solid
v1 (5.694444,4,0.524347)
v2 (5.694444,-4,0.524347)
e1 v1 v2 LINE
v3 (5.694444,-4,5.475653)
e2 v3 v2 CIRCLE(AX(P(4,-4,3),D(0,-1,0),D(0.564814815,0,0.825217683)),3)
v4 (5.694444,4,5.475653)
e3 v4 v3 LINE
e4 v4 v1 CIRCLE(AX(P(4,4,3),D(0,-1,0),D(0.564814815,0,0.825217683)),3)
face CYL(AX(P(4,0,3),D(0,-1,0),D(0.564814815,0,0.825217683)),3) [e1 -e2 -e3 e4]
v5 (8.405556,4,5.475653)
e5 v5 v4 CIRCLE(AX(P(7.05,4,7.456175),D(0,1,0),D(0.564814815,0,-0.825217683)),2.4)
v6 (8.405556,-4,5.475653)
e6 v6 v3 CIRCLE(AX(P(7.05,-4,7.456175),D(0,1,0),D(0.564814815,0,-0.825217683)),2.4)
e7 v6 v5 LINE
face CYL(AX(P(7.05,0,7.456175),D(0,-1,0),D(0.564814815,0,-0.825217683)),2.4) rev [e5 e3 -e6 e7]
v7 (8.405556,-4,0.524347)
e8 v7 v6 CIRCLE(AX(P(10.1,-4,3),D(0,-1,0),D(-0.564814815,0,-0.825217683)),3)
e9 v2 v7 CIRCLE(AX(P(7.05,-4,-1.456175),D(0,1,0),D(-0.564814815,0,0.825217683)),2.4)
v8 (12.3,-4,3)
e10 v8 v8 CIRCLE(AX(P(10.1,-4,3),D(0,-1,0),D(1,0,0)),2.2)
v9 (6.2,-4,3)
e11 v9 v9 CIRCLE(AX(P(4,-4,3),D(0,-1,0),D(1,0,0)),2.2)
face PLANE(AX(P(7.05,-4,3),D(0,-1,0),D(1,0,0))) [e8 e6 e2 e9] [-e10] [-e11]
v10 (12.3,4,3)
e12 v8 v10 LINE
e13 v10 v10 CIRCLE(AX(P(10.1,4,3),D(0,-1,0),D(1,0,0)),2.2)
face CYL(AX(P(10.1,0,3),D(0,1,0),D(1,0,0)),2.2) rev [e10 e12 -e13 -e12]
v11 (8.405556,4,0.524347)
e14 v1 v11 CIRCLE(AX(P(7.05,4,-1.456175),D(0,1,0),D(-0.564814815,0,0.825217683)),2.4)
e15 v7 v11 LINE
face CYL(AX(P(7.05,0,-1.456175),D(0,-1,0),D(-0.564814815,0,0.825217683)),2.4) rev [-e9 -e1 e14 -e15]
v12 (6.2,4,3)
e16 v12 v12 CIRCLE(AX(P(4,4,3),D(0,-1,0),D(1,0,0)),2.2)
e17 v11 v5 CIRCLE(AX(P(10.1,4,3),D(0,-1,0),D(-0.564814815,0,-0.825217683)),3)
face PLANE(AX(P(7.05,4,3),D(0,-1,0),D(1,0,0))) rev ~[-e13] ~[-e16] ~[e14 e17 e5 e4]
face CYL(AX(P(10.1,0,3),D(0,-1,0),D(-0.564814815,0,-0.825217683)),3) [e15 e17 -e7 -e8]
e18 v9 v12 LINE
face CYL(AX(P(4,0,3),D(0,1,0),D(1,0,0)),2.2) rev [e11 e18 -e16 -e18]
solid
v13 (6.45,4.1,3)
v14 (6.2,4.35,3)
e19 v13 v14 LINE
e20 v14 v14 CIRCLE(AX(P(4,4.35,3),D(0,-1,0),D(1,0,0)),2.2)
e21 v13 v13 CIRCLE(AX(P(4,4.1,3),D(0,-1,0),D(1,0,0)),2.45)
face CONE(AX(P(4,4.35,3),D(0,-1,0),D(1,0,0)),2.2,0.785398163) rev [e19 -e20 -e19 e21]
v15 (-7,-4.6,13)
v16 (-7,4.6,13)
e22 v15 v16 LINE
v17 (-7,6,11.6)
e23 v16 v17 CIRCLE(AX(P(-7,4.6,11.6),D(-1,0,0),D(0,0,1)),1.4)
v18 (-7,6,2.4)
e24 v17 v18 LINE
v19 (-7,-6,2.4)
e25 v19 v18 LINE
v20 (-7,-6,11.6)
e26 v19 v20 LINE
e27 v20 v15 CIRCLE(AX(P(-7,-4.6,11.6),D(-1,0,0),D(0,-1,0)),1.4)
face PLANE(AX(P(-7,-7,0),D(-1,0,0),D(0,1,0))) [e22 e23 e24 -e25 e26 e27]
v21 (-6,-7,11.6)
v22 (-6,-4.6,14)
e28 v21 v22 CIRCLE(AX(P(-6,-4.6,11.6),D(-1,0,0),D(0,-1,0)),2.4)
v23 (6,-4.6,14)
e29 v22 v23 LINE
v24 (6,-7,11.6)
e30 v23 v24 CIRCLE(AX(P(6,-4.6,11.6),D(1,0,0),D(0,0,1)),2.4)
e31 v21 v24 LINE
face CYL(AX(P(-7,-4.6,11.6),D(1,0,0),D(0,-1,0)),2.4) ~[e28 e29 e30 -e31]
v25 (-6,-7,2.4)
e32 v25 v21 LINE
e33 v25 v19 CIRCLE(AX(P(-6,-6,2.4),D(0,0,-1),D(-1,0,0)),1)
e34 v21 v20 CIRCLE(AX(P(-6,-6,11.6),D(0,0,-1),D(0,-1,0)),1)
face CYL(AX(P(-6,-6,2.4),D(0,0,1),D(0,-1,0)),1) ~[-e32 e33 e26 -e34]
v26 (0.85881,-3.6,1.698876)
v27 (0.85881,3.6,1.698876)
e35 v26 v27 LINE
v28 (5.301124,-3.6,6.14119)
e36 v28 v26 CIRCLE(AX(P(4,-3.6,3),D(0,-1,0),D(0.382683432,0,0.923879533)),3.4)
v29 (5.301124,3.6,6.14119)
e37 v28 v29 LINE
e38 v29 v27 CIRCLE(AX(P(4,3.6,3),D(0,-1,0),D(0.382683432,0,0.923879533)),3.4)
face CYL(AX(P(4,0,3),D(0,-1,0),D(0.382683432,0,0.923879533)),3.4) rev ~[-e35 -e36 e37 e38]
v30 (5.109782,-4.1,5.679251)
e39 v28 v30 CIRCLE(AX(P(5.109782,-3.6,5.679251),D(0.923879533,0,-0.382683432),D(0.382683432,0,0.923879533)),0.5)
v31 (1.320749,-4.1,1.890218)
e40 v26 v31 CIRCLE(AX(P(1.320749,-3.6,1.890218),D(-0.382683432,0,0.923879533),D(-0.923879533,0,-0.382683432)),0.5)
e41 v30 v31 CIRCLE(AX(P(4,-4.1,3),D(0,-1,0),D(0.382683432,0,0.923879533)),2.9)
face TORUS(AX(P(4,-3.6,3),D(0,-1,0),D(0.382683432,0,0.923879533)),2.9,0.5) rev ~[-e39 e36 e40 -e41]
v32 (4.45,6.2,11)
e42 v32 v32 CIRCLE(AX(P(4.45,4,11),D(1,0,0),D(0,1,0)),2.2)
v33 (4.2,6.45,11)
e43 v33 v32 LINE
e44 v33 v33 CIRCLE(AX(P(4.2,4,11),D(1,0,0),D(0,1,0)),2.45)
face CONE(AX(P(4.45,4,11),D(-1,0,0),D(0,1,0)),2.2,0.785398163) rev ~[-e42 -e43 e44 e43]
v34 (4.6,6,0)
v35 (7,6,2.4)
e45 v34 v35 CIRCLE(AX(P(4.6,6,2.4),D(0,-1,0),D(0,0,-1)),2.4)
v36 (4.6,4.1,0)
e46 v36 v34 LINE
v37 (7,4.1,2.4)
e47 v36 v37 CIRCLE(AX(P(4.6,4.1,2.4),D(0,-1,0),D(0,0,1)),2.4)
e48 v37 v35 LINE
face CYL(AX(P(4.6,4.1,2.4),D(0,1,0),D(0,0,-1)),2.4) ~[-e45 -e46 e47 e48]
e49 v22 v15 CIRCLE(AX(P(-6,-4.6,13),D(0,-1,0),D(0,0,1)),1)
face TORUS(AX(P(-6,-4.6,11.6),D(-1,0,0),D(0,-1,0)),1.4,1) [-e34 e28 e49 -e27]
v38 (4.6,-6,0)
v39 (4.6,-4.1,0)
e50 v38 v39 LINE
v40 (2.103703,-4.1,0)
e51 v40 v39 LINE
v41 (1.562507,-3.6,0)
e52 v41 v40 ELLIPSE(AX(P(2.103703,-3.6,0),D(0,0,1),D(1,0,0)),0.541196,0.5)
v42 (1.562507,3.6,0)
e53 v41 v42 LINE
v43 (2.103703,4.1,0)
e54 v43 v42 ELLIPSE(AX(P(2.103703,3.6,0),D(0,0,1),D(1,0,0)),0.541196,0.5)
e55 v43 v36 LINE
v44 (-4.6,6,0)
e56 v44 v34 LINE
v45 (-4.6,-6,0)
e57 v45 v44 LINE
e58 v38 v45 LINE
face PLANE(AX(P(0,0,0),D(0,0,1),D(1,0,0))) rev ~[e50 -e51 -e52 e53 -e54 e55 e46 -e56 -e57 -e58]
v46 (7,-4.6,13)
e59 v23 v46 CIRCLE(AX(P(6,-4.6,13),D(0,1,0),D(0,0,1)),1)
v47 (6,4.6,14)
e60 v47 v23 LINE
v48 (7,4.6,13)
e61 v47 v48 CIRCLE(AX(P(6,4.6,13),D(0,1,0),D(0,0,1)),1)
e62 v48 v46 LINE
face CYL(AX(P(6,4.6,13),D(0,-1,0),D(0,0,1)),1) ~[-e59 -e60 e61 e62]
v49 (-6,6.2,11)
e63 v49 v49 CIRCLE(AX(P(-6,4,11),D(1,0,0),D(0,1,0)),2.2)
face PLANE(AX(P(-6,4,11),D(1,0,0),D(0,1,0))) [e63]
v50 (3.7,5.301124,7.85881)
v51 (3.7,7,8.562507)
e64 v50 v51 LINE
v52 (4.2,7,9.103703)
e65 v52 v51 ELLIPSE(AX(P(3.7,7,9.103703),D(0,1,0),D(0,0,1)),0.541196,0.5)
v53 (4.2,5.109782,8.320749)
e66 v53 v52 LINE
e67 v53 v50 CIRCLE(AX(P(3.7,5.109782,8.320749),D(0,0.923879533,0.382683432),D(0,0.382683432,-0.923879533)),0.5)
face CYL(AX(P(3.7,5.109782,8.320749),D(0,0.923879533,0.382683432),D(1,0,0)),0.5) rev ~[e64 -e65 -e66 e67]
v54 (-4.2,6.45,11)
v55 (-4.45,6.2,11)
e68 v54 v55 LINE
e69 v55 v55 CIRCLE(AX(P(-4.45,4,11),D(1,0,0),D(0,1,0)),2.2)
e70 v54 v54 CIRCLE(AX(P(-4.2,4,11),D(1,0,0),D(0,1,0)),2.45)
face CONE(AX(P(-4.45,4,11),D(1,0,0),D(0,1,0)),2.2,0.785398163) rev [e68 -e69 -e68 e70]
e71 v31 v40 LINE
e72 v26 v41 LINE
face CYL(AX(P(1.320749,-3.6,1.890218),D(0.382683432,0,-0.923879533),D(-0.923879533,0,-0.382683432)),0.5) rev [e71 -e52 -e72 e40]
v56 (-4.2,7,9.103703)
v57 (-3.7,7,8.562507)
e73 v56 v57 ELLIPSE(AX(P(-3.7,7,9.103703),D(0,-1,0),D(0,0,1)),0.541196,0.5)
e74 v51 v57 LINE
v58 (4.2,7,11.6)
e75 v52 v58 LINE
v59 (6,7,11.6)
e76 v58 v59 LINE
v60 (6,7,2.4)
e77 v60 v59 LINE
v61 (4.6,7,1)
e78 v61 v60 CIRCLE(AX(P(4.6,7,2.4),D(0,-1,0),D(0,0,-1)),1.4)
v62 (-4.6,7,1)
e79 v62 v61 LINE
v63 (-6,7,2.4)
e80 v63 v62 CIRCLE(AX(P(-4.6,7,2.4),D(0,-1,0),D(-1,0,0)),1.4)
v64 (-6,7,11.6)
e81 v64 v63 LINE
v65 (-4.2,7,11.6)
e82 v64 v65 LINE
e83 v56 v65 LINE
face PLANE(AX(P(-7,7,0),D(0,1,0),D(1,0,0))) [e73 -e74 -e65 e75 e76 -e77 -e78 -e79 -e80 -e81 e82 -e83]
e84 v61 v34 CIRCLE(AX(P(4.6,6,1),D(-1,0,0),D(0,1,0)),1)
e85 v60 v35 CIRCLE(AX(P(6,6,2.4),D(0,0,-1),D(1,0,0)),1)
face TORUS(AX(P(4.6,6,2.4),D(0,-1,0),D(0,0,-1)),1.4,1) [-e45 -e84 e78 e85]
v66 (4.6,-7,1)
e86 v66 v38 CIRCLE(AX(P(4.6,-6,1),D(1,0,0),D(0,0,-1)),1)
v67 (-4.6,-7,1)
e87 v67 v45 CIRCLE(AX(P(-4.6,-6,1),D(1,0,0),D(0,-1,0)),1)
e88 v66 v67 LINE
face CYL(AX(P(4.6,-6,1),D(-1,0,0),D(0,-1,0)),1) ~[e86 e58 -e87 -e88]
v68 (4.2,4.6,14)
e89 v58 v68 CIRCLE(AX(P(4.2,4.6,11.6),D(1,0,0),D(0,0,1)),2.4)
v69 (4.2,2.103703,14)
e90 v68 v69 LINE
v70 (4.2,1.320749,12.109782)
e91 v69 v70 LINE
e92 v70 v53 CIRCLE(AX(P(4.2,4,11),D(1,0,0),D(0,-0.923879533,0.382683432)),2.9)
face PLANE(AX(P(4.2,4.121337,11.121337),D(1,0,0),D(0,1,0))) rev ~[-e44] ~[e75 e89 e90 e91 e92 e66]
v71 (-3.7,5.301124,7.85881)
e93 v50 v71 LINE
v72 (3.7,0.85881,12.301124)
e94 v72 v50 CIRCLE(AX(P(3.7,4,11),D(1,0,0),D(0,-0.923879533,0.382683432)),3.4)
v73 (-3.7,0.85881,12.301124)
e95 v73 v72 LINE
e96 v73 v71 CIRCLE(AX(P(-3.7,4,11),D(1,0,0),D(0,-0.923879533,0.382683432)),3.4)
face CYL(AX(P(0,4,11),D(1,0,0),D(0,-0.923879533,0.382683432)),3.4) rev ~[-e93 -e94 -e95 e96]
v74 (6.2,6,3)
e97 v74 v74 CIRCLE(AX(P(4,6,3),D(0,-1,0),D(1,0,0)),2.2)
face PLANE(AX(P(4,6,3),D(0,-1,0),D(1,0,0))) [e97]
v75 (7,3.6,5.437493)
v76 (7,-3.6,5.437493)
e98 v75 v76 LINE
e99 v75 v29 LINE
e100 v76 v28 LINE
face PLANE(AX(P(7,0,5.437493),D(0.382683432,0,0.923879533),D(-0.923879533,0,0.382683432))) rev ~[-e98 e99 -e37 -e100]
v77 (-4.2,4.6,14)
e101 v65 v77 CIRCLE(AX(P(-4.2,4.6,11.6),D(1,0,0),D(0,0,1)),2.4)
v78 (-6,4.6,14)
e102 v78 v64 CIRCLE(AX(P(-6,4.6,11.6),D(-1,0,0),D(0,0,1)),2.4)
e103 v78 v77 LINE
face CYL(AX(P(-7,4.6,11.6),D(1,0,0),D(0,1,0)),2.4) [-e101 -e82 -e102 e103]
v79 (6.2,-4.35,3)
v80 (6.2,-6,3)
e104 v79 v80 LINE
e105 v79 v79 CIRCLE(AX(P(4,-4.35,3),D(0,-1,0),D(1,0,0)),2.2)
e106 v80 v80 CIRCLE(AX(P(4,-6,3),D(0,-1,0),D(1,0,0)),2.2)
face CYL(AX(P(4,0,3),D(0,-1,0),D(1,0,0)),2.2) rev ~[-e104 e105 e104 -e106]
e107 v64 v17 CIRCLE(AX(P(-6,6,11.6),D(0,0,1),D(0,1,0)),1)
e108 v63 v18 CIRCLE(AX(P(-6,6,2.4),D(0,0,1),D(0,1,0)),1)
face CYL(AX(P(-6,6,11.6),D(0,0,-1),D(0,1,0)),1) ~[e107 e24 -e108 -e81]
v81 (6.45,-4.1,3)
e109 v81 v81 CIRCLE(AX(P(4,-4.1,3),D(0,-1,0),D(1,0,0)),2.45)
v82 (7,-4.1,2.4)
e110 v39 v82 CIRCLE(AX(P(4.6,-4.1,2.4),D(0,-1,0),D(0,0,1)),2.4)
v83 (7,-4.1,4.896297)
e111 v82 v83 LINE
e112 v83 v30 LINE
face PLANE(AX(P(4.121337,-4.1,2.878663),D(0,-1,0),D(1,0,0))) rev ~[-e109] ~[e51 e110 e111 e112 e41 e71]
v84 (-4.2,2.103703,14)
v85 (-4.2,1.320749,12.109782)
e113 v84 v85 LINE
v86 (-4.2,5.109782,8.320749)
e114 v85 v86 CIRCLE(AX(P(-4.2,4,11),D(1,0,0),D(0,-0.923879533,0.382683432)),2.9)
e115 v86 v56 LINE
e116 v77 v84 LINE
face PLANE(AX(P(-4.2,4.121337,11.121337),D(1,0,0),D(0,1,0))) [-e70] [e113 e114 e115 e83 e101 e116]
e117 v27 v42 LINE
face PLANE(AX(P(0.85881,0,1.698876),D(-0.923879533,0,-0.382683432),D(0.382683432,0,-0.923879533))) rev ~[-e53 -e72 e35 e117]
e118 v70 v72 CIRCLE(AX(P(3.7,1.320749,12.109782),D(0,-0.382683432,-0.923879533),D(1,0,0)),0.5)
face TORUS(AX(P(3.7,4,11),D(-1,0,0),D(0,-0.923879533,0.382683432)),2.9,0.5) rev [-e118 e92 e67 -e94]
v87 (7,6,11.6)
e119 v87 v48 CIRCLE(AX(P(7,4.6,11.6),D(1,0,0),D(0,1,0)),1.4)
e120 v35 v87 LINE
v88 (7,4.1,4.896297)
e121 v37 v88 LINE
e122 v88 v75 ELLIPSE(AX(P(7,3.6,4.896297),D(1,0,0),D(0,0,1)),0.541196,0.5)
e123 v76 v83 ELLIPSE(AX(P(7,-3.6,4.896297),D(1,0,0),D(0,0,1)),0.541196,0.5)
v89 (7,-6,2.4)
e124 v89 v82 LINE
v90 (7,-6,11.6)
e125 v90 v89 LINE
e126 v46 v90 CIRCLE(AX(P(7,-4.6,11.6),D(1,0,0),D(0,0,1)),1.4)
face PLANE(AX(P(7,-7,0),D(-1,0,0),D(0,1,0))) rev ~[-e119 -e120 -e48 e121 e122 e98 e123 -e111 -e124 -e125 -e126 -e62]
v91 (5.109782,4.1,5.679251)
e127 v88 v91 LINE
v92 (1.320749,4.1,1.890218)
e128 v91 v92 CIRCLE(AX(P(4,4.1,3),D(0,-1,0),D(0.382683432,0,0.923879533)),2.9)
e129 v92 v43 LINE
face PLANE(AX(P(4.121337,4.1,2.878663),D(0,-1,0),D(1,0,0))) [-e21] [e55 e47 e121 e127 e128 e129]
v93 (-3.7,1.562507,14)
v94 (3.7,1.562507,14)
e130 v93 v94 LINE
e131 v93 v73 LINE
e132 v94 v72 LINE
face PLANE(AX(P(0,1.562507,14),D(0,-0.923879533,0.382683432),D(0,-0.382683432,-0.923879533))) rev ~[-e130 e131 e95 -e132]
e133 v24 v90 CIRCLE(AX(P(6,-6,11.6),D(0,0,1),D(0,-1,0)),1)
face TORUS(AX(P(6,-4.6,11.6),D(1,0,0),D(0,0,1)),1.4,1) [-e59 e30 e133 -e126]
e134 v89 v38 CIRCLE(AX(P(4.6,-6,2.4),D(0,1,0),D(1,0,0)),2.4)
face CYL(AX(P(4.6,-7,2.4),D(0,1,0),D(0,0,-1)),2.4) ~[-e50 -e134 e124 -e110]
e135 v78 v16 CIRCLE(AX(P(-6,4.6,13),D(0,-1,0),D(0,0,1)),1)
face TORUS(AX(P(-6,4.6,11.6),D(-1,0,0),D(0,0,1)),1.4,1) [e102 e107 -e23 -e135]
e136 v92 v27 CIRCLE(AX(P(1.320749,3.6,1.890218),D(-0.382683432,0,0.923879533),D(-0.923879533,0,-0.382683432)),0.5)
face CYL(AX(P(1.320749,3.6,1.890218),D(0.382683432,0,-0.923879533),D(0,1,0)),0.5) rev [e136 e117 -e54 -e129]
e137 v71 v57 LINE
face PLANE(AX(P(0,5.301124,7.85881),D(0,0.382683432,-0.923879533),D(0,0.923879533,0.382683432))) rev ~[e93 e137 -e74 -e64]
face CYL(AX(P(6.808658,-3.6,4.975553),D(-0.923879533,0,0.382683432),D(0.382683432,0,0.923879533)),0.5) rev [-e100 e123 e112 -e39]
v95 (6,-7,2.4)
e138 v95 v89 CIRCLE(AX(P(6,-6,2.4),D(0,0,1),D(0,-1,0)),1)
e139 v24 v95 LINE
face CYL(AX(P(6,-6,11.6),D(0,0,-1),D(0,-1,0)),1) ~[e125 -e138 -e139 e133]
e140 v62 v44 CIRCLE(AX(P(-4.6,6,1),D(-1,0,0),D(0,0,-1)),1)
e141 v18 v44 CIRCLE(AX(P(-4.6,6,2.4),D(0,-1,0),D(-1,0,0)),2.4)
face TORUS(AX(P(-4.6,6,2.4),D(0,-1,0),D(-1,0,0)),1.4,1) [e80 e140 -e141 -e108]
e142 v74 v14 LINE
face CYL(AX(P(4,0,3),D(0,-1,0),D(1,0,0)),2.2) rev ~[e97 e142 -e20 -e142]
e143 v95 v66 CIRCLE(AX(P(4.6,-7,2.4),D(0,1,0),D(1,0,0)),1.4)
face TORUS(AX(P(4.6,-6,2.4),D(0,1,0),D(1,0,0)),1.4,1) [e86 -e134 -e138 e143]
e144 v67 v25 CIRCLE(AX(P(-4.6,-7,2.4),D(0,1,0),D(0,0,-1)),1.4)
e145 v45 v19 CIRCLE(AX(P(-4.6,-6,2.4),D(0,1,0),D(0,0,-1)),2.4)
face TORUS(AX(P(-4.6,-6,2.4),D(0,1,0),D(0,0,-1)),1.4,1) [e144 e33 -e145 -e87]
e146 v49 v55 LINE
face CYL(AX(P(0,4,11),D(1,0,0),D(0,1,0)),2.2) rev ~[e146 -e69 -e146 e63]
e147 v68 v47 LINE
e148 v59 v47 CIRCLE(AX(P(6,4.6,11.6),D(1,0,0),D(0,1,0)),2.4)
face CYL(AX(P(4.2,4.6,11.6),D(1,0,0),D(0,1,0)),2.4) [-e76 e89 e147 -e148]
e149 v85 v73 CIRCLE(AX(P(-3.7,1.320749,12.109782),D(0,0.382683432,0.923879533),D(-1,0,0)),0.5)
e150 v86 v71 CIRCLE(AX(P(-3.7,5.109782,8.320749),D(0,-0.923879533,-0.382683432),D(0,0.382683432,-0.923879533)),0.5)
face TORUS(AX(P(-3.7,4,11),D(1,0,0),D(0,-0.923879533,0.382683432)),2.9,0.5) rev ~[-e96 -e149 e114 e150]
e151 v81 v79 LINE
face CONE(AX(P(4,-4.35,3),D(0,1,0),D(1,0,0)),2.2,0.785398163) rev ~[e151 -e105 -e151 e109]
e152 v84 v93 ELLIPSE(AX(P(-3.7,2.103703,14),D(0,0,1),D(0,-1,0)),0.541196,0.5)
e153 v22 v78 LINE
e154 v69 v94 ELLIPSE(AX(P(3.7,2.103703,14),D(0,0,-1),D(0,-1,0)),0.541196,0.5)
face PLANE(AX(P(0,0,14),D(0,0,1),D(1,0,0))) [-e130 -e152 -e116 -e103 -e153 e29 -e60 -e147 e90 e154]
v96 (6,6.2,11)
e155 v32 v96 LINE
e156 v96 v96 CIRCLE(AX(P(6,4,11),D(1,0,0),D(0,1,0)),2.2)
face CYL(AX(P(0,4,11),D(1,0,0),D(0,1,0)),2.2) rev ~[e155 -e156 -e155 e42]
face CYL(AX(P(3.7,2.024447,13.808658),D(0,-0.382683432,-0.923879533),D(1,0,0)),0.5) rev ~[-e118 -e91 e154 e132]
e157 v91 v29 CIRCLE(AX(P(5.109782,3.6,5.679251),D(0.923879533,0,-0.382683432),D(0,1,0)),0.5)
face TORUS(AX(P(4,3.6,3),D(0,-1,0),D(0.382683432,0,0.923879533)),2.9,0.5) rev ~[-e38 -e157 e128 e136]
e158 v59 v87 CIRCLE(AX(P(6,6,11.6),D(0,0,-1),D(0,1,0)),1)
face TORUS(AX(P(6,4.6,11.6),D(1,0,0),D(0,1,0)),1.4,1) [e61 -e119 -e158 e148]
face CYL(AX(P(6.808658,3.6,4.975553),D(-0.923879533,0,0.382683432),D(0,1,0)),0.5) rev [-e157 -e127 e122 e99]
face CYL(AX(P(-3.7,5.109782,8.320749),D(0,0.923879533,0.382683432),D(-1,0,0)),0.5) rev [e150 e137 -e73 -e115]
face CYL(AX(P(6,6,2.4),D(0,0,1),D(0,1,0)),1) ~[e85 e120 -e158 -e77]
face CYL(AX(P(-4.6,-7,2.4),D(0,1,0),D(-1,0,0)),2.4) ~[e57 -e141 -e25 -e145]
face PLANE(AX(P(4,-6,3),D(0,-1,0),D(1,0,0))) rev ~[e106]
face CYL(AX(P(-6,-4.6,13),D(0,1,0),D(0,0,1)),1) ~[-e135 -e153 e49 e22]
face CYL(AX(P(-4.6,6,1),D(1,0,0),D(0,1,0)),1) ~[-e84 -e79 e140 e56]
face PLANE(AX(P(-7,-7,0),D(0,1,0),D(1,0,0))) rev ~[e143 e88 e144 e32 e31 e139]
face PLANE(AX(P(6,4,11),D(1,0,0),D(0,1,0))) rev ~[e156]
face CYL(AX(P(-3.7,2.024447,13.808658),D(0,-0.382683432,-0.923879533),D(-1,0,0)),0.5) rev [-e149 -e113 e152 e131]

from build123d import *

# Parameters (mm, degrees)
F4_W      = 14
F4_H      = 14
F5_DEPTH  = 14
F6_R      = 2.2
F8_DEPTH  = 4.1
F9_DEPTH  = 6
F10_R     = 2.2
F11_DEPTH = 4.2
F12_DEPTH = 6
F13_R     = 2.4
F14_R     = 0.5
F15_R     = 2.2
F16_DEPTH = 4
F17_SIZE  = 0.25
F18_R     = 1


with BuildPart() as f5:
    # F4 (on Top) → F5 (new body)
    with BuildSketch(Plane.XY):
        Rectangle(F4_W, F4_H)
    extrude(amount=F5_DEPTH)

    # F6 (on Front) → F8 (cut, symmetric)
    with BuildSketch(Plane.XZ):
        with BuildLine():
            Line((1.5625072061, 0), (7, 0))
            Line((7, 0), (7, 5.4374927939))
            Line((7, 5.4374927939), (5.30112367, 6.1411904105))
            ThreePointArc((5.30112367, 6.1411904105), (1.595836944, 5.404163056), (0.8588095895, 1.69887633))
            Line((0.8588095895, 1.69887633), (1.5625072061, 0))
        make_face()
        with Locations((4, 3)):
            Circle(F6_R, mode=Mode.SUBTRACT)
        with Locations((4, 3)):
            Circle(F6_R)
    extrude(amount=F8_DEPTH, both=True, mode=Mode.SUBTRACT)

    # F6 (on Front) → F9 (cut, symmetric)
    with BuildSketch(Plane.XZ):
        with Locations((4, 3)):
            Circle(F6_R)
    extrude(amount=F9_DEPTH, both=True, mode=Mode.SUBTRACT)

    # F10 (on Right) → F11 (cut, symmetric)
    with BuildSketch(Plane.YZ):
        with BuildLine():
            Line((7, 14), (1.5625072061, 14))
            Line((1.5625072061, 14), (0.8588095895, 12.30112367))
            ThreePointArc((0.8588095895, 12.30112367), (1.595836944, 8.595836944), (5.30112367, 7.8588095895))
            Line((5.30112367, 7.8588095895), (7, 8.5625072061))
            Line((7, 8.5625072061), (7, 14))
        make_face()
        with Locations((4, 11)):
            Circle(F10_R, mode=Mode.SUBTRACT)
        with Locations((4, 11)):
            Circle(F10_R)
    extrude(amount=F11_DEPTH, both=True, mode=Mode.SUBTRACT)

    # F10 (on Right) → F12 (cut, symmetric)
    with BuildSketch(Plane.YZ):
        with Locations((4, 11)):
            Circle(F10_R)
    extrude(amount=F12_DEPTH, both=True, mode=Mode.SUBTRACT)

    # F13
    f13_edges = [f5.edges().sort_by_distance(p)[0] for p in [
        (7, -5.55, 0),
        (7, 5.55, 0),
        (-5.6, 7, 14),
        (5.6, 7, 14),
        (0, -7, 14),
        (-7, 0, 0),
    ]]
    fillet(f13_edges, radius=F13_R)

    # F14
    f14_edges = [f5.edges().sort_by_distance(p)[0] for p in [
        (1.210658, -4.1, 0.849438),
        (1.210658, 4.1, 0.849438),
        (4.2, 6.150562, 8.210658),
        (-4.2, 6.150562, 8.210658),
    ]]
    fillet(f14_edges, radius=F14_R)

    # F17
    f17_edges = [f5.edges().sort_by_distance(p)[0] for p in [
        (1.8, 4.1, 3),
        (1.8, -4.1, 3),
        (-4.2, 1.8, 11),
        (4.2, 1.8, 11),
    ]]
    chamfer(f17_edges, length=F17_SIZE)

    # F18
    f18_edges = [f5.edges().sort_by_distance(p)[0] for p in [
        (-7, 0, 14),
    ]]
    fillet(f18_edges, radius=F18_R)


with BuildPart() as f16:
    # F15 (on Front) → F16 (new body, symmetric)
    with BuildSketch(Plane.XZ):
        with BuildLine():
            ThreePointArc((8.4055555556, 5.4756530501), (7.05, 5.0561754903), (5.6944444444, 5.4756530501))
            ThreePointArc((5.6944444444, 5.4756530501), (1, 3), (5.6944444444, 0.5243469499))
            ThreePointArc((5.6944444444, 0.5243469499), (7.05, 0.9438245097), (8.4055555556, 0.5243469499))
            ThreePointArc((8.4055555556, 0.5243469499), (13.1, 3), (8.4055555556, 5.4756530501))
        make_face()
        with Locations((4, 3)):
            Circle(F15_R, mode=Mode.SUBTRACT)
        with Locations((10.1, 3)):
            Circle(F15_R, mode=Mode.SUBTRACT)
    extrude(amount=F16_DEPTH, both=True)


solid = Compound([f5.part, f16.part])
